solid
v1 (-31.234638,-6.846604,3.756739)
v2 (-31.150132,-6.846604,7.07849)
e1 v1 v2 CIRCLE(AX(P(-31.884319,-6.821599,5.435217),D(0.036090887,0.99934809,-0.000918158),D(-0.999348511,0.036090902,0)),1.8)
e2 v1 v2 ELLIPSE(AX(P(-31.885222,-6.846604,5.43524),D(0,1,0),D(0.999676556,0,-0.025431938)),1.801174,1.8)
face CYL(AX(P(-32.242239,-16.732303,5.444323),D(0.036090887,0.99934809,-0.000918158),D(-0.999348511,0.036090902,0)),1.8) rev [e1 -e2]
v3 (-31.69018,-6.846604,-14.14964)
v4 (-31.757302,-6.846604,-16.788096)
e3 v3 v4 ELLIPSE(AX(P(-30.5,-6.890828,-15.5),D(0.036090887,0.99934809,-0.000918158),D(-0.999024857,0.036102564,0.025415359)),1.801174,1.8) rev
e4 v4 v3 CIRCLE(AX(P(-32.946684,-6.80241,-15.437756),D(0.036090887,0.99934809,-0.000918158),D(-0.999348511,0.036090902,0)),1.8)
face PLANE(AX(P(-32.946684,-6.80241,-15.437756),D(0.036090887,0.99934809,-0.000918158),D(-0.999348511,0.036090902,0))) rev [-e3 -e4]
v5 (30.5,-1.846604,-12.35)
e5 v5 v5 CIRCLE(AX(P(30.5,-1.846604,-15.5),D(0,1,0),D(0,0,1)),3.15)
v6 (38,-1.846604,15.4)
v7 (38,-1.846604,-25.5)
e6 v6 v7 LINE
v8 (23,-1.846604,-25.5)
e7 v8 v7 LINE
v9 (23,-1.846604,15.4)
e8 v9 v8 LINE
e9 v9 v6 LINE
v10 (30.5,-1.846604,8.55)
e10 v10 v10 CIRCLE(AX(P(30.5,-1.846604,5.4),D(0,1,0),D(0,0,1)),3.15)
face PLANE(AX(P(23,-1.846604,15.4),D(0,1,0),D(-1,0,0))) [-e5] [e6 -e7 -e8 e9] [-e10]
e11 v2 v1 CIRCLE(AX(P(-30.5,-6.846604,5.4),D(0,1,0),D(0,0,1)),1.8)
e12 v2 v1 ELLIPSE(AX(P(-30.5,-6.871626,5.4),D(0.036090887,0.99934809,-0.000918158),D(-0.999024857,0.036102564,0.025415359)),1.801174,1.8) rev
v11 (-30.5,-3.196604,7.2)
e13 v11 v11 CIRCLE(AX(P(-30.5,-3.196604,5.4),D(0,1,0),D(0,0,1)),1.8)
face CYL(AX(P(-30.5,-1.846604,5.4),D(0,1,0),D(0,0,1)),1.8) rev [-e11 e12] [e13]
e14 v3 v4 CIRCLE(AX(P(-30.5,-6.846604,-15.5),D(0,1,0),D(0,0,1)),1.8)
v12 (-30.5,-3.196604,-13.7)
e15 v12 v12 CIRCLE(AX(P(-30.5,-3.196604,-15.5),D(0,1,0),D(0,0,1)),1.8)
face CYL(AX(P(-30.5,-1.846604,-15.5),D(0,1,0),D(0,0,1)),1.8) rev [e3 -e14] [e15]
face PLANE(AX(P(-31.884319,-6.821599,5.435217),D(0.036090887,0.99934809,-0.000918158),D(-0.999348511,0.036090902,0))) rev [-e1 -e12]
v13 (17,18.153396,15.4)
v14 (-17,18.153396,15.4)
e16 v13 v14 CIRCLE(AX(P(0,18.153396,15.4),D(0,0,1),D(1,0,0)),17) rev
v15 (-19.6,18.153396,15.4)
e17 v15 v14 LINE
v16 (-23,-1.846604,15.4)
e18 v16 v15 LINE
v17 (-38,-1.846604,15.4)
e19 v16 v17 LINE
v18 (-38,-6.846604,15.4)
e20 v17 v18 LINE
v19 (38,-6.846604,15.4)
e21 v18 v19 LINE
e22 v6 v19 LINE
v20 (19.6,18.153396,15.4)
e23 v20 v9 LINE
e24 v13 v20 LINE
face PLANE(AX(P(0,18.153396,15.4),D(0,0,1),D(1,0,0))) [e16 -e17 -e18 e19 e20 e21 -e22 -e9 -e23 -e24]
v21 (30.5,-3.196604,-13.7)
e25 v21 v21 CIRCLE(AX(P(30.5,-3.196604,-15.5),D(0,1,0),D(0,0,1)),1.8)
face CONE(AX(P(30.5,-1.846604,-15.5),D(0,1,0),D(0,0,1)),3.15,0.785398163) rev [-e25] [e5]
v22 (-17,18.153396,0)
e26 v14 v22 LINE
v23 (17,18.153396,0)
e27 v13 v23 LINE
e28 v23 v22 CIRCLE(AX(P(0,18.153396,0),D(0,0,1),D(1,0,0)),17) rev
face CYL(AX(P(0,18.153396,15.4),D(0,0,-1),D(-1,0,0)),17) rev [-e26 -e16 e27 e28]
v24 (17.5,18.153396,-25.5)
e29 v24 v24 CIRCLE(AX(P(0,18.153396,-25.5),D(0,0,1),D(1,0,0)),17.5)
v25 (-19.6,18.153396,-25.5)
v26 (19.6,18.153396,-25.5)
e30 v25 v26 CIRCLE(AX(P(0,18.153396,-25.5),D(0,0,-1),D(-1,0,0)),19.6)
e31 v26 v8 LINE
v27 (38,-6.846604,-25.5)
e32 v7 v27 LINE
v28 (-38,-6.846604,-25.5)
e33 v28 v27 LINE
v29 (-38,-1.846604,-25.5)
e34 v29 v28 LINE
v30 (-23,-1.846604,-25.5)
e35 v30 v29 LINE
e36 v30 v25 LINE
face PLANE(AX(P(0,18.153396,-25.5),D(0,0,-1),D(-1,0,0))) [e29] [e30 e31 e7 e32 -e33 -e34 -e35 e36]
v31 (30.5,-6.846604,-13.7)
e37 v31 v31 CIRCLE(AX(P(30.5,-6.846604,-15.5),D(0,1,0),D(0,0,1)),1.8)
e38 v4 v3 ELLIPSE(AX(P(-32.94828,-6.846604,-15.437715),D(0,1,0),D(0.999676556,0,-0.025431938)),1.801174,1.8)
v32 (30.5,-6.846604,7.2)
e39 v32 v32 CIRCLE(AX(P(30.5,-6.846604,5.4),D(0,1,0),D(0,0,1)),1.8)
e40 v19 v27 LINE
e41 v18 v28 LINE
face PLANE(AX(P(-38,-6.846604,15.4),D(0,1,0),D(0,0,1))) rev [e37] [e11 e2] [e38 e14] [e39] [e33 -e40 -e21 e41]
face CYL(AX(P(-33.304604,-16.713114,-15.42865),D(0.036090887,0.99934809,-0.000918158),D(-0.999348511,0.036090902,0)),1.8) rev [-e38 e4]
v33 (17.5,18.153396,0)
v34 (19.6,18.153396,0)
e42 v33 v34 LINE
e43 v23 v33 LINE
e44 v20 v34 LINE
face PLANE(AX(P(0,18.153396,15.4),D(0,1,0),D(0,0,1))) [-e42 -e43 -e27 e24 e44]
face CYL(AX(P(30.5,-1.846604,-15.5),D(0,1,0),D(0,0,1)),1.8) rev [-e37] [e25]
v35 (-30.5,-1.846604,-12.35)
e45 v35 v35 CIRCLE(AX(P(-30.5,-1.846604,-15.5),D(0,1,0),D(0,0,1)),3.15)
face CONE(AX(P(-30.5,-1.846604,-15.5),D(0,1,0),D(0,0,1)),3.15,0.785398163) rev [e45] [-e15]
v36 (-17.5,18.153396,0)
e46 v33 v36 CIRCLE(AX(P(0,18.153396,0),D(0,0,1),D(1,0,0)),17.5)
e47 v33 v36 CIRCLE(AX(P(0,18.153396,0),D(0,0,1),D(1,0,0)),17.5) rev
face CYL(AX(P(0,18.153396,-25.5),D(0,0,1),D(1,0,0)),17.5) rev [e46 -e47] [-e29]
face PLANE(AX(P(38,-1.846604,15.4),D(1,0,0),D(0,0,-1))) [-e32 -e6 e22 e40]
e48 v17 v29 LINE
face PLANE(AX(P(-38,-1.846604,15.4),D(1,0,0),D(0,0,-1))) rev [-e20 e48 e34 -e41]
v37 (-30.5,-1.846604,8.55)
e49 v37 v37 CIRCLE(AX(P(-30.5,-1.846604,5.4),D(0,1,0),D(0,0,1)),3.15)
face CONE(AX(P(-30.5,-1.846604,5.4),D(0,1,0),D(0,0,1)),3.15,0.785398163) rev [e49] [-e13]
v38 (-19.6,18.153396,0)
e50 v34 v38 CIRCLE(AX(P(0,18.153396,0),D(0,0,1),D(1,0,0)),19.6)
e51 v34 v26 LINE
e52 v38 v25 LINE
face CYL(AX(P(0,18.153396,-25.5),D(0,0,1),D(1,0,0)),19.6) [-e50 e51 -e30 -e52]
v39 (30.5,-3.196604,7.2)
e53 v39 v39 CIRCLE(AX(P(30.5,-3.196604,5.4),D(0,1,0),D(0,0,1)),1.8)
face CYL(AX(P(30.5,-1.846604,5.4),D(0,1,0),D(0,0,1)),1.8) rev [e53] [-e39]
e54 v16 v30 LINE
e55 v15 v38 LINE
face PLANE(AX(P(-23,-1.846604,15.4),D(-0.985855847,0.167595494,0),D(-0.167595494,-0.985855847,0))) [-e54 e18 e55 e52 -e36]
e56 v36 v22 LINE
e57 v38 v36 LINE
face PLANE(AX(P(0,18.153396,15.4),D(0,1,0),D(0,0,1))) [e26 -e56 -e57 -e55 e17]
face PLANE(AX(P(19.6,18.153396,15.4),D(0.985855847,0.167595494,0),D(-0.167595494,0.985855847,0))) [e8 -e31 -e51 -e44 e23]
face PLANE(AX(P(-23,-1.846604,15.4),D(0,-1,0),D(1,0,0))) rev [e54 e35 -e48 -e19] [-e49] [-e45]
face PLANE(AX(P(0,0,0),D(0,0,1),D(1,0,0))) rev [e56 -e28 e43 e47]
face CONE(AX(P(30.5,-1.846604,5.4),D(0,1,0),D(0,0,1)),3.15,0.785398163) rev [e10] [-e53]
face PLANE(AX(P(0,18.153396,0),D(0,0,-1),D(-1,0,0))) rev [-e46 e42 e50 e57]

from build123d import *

# Parameters (mm, degrees)
SKETCH1_R                                       = 17.5
BOSS_EXTRUDE9_DEPTH                             = 25.5
BOSS_EXTRUDE10_DEPTH                            = 15.4
BOSS_EXTRUDE10_DEPTH_BACK                       = 25.5
CSK_FOR_M3_FLAT_HEAD_MACHINE_SCREW1_D           = 3.6
CSK_FOR_M3_FLAT_HEAD_MACHINE_SCREW1_CSINK_D     = 6.3
CSK_FOR_M3_FLAT_HEAD_MACHINE_SCREW1_CSINK_ANGLE = 90
CSK_FOR_M3_FLAT_HEAD_MACHINE_SCREW2_D           = 3.6
CSK_FOR_M3_FLAT_HEAD_MACHINE_SCREW2_CSINK_D     = 6.3
CSK_FOR_M3_FLAT_HEAD_MACHINE_SCREW2_CSINK_ANGLE = 90
BOSS_EXTRUDE11_DEPTH                            = 15.4
CUT_EXTRUDE3_REACH                              = 549.129
SKETCH17_R                                      = 1.8


with BuildPart() as part:
    # Sketch1 → Boss-Extrude9 (new body)
    with BuildSketch(Plane.XY):
        with BuildLine():
            ThreePointArc((-19.6, 18.153395679), (0, 37.753395679), (19.6, 18.153395679))
            ThreePointArc((19.6, 18.153395679), (0, -1.446604321), (-19.6, 18.153395679))
        make_face()
        with Locations((0, 18.153395679)):
            Circle(SKETCH1_R, mode=Mode.SUBTRACT)
    extrude(amount=-BOSS_EXTRUDE9_DEPTH)

    # Sketch1<15> → Boss-Extrude10 (add, two sides: drawn at the far end of the back side and taken through both)
    with BuildSketch(Plane.XY.offset(-BOSS_EXTRUDE10_DEPTH_BACK)):
        with BuildLine():
            Line((-23, -1.846604321), (-38, -1.846604321))
            Line((-38, -1.846604321), (-38, -6.846604321))
            Line((-38, -6.846604321), (38, -6.846604321))
            Line((38, -6.846604321), (38, -1.846604321))
            Line((38, -1.846604321), (23, -1.846604321))
            Line((23, -1.846604321), (19.6, 18.153395679))
            ThreePointArc((19.6, 18.153395679), (0, -1.446604321), (-19.6, 18.153395679))
            Line((-19.6, 18.153395679), (-23, -1.846604321))
        make_face()
    extrude(amount=BOSS_EXTRUDE10_DEPTH + BOSS_EXTRUDE10_DEPTH_BACK)

    # CSK for M3 Flat Head Machine Screw1 (through all)
    with Locations(Plane(origin=(0, -1.846604321, 0), x_dir=(1, 0, 0), z_dir=(0, 1, 0))):
        with Locations((-30.5, 15.5), (-30.5, -5.4)):
            CounterSinkHole(CSK_FOR_M3_FLAT_HEAD_MACHINE_SCREW1_D / 2, CSK_FOR_M3_FLAT_HEAD_MACHINE_SCREW1_CSINK_D / 2, counter_sink_angle=CSK_FOR_M3_FLAT_HEAD_MACHINE_SCREW1_CSINK_ANGLE)

    # CSK for M3 Flat Head Machine Screw2 (through all)
    with Locations(Plane(origin=(0, -1.846604321, 0), x_dir=(1, 0, 0), z_dir=(0, 1, 0))):
        with Locations((30.5, -5.4), (30.5, 15.5)):
            CounterSinkHole(CSK_FOR_M3_FLAT_HEAD_MACHINE_SCREW2_D / 2, CSK_FOR_M3_FLAT_HEAD_MACHINE_SCREW2_CSINK_D / 2, counter_sink_angle=CSK_FOR_M3_FLAT_HEAD_MACHINE_SCREW2_CSINK_ANGLE)

    # Sketch1<19> → Boss-Extrude11 (add)
    with BuildSketch(Plane.XY):
        with BuildLine():
            ThreePointArc((-19.6, 18.153395679), (0, -1.446604321), (19.6, 18.153395679))
            Line((19.6, 18.153395679), (17, 18.153395679))
            ThreePointArc((17, 18.153395679), (0, 1.153395679), (-17, 18.153395679))
            Line((-17, 18.153395679), (-19.6, 18.153395679))
        make_face()
    extrude(amount=BOSS_EXTRUDE11_DEPTH)

    # Sketch17 → Cut-Extrude3 (cut, up to next)
    with BuildSketch(Plane(origin=(-499.24894984, 9.974554812, -84.308871479), x_dir=(0.050830850863694654, -0.0009181581696580717, 0.9987068546806156), z_dir=(0.0360908865319125, 0.9993480899541042, -0.0009181581696581681)), mode=Mode.PRIVATE) as cut_extrude3_sk1:
        with Locations((92.5, 462.5)):
            Circle(SKETCH17_R)
    cut_extrude3_tool1 = extrude(cut_extrude3_sk1.sketch, amount=-CUT_EXTRUDE3_REACH, mode=Mode.PRIVATE) & part.part
    # Sketch17 → Cut-Extrude3 (cut, up to next)
    with BuildSketch(Plane(origin=(-499.24894984, 9.974554812, -84.308871479), x_dir=(0.050830850863694654, -0.0009181581696580717, 0.9987068546806156), z_dir=(0.0360908865319125, 0.9993480899541042, -0.0009181581696581681)), mode=Mode.PRIVATE) as cut_extrude3_sk2:
        with Locations((113.4, 462.5)):
            Circle(SKETCH17_R)
    cut_extrude3_tool2 = extrude(cut_extrude3_sk2.sketch, amount=-CUT_EXTRUDE3_REACH, mode=Mode.PRIVATE) & part.part
    add(cut_extrude3_tool1.solids().sort_by_distance((-32.946684, -6.80241, -15.437756))[0], mode=Mode.SUBTRACT)
    add(cut_extrude3_tool2.solids().sort_by_distance((-31.884319, -6.821599, 5.435217))[0], mode=Mode.SUBTRACT)


solid = part.part
